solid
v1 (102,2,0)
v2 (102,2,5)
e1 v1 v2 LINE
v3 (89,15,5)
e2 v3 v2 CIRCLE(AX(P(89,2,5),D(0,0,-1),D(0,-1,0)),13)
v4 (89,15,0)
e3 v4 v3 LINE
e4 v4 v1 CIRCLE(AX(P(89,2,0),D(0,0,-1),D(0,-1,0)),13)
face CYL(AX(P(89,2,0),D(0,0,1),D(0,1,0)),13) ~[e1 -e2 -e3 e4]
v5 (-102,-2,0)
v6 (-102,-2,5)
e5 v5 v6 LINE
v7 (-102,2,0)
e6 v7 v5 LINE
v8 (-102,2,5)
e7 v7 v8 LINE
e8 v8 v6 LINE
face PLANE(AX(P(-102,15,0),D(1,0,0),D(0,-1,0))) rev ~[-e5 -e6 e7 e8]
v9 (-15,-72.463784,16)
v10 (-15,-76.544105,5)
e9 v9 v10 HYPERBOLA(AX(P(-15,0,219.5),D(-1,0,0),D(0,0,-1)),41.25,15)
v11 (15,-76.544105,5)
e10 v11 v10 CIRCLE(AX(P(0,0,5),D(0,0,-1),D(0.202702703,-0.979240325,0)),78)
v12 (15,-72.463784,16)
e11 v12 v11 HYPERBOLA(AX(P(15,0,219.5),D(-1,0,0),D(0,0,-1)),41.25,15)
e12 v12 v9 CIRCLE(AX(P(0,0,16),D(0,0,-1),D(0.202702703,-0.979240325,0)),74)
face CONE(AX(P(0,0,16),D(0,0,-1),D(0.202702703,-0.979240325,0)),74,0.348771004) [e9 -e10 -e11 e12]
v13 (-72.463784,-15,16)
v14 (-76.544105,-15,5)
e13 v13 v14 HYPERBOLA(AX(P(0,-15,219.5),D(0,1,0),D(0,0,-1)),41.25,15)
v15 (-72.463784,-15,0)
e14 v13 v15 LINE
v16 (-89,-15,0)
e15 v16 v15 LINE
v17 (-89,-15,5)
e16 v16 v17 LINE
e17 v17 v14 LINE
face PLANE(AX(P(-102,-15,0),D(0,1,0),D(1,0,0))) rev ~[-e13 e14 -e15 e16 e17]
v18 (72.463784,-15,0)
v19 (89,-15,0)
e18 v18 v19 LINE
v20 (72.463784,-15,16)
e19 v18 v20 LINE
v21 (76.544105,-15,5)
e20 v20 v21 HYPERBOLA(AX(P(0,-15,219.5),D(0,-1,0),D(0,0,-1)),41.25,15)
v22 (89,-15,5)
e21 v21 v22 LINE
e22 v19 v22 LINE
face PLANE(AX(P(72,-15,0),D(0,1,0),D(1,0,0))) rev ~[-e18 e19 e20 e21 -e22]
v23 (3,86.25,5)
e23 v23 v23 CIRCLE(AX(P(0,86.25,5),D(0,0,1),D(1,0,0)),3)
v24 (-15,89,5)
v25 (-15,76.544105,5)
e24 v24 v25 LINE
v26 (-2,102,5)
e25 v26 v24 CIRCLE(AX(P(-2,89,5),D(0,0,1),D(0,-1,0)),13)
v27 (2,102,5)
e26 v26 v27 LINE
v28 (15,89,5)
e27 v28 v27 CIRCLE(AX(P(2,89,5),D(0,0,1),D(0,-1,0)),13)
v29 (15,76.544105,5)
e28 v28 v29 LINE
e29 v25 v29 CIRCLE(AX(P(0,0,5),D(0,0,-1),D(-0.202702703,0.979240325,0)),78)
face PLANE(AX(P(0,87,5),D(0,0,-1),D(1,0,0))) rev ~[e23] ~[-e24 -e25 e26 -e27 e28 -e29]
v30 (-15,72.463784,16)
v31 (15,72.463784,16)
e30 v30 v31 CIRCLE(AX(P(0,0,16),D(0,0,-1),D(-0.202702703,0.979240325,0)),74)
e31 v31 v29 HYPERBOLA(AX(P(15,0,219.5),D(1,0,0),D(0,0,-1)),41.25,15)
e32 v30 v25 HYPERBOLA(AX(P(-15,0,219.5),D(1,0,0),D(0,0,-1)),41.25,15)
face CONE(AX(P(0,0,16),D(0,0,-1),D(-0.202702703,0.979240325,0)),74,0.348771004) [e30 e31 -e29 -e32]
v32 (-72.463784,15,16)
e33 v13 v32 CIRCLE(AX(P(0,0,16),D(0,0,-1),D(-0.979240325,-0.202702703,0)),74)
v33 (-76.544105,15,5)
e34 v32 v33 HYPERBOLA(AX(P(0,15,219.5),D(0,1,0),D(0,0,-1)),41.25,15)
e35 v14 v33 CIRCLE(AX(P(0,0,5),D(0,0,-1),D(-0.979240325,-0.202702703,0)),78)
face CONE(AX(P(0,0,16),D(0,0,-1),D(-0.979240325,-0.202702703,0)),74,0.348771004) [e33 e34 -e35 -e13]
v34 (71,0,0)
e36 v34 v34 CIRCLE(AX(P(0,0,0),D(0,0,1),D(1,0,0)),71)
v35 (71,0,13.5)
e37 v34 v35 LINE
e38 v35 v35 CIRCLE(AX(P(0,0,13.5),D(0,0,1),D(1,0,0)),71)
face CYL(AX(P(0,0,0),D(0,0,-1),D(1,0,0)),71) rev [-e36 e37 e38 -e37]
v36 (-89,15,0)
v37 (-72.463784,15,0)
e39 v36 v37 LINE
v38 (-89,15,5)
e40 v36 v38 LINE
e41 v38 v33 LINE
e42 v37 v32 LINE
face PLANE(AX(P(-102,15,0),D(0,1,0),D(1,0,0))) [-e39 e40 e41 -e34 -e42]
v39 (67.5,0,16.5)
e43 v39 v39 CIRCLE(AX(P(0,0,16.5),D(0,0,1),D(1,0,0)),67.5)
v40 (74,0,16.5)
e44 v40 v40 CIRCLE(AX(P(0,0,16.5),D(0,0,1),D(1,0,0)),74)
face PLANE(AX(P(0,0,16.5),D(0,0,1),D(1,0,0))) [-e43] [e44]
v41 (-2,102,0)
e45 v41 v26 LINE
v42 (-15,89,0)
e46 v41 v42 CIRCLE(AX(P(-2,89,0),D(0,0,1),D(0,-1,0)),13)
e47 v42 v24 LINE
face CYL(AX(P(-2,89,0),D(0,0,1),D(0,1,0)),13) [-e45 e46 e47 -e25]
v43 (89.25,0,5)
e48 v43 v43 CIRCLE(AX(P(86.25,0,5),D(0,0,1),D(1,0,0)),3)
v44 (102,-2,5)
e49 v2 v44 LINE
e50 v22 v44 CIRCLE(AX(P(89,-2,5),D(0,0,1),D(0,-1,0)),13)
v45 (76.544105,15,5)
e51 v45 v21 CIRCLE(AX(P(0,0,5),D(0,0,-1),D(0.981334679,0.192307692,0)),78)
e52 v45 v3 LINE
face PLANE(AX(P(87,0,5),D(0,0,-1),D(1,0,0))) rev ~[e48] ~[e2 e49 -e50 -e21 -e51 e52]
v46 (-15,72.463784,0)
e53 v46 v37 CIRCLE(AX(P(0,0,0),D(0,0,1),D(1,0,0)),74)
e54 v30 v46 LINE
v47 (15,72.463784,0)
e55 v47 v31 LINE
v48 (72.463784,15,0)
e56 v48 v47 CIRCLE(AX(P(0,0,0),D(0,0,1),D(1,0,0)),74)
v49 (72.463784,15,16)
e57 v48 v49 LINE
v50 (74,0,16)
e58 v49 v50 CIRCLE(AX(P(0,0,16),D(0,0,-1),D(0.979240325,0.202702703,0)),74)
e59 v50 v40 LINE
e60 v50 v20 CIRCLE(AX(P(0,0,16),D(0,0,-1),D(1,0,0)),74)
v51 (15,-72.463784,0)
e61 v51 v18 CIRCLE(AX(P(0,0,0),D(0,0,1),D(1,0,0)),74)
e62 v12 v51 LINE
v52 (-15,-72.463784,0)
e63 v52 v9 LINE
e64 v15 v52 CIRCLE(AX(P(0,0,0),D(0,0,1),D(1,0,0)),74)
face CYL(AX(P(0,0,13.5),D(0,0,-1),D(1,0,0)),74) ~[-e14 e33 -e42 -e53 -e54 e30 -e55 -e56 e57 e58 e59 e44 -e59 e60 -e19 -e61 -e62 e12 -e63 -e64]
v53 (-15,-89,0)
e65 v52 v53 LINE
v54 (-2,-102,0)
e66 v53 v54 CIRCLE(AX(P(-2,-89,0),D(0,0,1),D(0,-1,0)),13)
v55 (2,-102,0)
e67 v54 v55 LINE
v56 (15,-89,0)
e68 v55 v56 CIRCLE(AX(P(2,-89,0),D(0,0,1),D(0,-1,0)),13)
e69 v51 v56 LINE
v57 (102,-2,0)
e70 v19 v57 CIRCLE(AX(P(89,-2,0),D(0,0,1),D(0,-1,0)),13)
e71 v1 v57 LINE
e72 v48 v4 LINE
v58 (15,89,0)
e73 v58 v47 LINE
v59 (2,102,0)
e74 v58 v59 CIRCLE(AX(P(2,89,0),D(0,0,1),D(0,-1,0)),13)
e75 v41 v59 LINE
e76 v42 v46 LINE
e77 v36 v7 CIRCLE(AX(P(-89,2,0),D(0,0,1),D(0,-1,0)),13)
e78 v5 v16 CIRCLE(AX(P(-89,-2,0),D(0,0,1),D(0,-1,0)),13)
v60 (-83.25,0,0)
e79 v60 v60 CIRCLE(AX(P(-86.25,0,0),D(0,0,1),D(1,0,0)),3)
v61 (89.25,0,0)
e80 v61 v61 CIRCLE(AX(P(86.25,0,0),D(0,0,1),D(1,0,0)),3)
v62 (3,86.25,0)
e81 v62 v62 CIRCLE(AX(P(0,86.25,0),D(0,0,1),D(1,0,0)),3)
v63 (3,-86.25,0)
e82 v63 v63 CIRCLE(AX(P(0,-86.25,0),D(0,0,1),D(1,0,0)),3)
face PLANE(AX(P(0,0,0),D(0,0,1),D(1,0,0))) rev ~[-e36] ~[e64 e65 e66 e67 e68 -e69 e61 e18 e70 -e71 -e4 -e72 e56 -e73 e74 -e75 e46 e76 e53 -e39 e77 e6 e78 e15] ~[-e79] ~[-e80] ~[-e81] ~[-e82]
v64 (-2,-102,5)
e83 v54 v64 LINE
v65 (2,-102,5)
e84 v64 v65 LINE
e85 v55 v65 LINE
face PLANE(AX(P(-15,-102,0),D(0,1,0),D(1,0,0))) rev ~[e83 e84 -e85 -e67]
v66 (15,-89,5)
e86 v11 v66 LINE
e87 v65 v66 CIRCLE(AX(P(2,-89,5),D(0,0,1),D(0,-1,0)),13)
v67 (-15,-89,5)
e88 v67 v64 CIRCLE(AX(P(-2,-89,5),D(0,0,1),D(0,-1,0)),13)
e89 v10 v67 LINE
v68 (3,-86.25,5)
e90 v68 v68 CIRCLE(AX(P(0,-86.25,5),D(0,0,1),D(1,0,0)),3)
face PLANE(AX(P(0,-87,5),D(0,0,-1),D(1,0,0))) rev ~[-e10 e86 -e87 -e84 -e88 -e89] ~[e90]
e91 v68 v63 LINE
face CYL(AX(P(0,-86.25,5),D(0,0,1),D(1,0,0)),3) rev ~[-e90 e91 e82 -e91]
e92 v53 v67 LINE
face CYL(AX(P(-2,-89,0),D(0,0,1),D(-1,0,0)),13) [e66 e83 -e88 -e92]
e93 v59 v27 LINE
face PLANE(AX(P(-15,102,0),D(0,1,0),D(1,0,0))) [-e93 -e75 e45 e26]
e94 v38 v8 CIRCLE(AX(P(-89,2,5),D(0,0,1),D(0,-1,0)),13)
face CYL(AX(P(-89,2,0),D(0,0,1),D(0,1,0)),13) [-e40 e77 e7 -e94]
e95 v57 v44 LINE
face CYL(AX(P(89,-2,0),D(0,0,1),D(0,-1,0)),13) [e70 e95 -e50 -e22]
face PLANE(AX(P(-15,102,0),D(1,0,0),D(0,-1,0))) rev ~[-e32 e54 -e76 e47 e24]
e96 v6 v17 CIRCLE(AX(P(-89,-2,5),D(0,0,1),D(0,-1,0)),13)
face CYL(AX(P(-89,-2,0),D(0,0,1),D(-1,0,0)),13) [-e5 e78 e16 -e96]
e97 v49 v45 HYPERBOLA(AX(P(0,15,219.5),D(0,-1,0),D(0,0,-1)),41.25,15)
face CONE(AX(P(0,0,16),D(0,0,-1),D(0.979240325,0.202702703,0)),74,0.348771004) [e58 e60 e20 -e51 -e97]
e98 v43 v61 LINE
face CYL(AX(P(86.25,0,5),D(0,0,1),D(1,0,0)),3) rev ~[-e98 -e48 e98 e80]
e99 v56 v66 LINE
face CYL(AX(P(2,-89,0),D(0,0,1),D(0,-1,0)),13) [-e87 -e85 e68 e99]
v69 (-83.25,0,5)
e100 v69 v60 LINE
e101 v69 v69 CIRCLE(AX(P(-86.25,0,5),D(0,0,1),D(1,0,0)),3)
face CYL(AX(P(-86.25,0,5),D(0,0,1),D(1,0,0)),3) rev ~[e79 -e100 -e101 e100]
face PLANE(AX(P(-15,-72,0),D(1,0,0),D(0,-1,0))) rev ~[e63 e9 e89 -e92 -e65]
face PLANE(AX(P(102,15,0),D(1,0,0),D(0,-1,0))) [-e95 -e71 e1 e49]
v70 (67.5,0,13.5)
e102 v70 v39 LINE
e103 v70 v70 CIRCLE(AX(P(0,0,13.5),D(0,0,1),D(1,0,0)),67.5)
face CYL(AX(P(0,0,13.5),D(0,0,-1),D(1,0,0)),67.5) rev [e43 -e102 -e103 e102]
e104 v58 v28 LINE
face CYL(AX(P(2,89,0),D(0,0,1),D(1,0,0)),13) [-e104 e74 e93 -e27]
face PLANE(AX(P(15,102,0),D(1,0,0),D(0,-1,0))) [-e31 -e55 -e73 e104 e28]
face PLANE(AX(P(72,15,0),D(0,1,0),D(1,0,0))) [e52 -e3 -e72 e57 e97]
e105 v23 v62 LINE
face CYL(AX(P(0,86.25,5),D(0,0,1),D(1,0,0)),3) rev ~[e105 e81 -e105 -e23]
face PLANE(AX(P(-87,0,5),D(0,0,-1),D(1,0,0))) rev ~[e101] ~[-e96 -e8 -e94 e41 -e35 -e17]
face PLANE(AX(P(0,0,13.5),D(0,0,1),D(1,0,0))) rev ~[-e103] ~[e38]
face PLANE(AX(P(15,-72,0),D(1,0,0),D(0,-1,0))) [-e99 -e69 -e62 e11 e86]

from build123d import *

# Parameters (mm, degrees)
SKETCH_R      = 74
SKETCH_R_2    = 71
PAD_DEPTH     = 13.5
SKETCH001_R   = 74
SKETCH001_R_2 = 67.5
PAD001_DEPTH  = 3
SKETCH002_W   = 30
SKETCH002_H   = 30
PAD002_DEPTH  = 5
SKETCH003_R   = 3
POCKET_DEPTH  = 5
CHAMFER_SIZE2 = 4
CHAMFER_SIZE  = 11
FILLET_R      = 13


with BuildPart() as part:
    # Sketch → Pad (new body)
    with BuildSketch(Plane.XY):
        Circle(SKETCH_R)
        Circle(SKETCH_R_2, mode=Mode.SUBTRACT)
    extrude(amount=PAD_DEPTH)

    # Sketch001 (on Face4 of Pad) → Pad001 (join)
    with BuildSketch(Plane.XY.offset(13.5)):
        Circle(SKETCH001_R)
        Circle(SKETCH001_R_2, mode=Mode.SUBTRACT)
    extrude(amount=PAD001_DEPTH)

    # Sketch002 (on Face1 of Pad001) → Pad002 (join)
    with BuildSketch(Plane(origin=(0, 0, 0), x_dir=(1, 0, 0), z_dir=(0, 0, -1))):
        with Locations((87, 0)):
            Rectangle(SKETCH002_W, SKETCH002_H)
        with Locations((0, 87)):
            Rectangle(SKETCH002_W, SKETCH002_H)
        with Locations((-87, 0)):
            Rectangle(SKETCH002_W, SKETCH002_H)
        with Locations((0, -87)):
            Rectangle(SKETCH002_W, SKETCH002_H)
    extrude(amount=-PAD002_DEPTH)

    # Sketch003 (on Face10 of Pad002) → Pocket (cut)
    with BuildSketch(Plane.XY.offset(5)):
        with Locations((86.25, 0)):
            Circle(SKETCH003_R)
        with Locations((0, 86.25)):
            Circle(SKETCH003_R)
        with Locations((-86.25, 0)):
            Circle(SKETCH003_R)
        with Locations((0, -86.25)):
            Circle(SKETCH003_R)
    extrude(amount=-POCKET_DEPTH, mode=Mode.SUBTRACT)

    # Chamfer
    chamfer_edges = [part.edges().sort_by_distance(p)[0] for p in [
        (0, 74, 5),
        (73.614944, 7.53923, 5),
        (0, -74, 5),
        (-74, 0, 5),
    ]]
    chamfer_side = part.faces().sort_by_distance((-74, 0, 8.25))[0]
    chamfer(chamfer_edges, length=CHAMFER_SIZE, length2=CHAMFER_SIZE2, reference=chamfer_side)

    # Fillet
    fillet_edges = [part.edges().sort_by_distance(p)[0] for p in [
        (15, 102, 2.5),
        (-15, 102, 2.5),
        (102, 15, 2.5),
        (102, -15, 2.5),
        (15, -102, 2.5),
        (-15, -102, 2.5),
        (-102, -15, 2.5),
        (-102, 15, 2.5),
    ]]
    fillet(fillet_edges, radius=FILLET_R)


solid = part.part
